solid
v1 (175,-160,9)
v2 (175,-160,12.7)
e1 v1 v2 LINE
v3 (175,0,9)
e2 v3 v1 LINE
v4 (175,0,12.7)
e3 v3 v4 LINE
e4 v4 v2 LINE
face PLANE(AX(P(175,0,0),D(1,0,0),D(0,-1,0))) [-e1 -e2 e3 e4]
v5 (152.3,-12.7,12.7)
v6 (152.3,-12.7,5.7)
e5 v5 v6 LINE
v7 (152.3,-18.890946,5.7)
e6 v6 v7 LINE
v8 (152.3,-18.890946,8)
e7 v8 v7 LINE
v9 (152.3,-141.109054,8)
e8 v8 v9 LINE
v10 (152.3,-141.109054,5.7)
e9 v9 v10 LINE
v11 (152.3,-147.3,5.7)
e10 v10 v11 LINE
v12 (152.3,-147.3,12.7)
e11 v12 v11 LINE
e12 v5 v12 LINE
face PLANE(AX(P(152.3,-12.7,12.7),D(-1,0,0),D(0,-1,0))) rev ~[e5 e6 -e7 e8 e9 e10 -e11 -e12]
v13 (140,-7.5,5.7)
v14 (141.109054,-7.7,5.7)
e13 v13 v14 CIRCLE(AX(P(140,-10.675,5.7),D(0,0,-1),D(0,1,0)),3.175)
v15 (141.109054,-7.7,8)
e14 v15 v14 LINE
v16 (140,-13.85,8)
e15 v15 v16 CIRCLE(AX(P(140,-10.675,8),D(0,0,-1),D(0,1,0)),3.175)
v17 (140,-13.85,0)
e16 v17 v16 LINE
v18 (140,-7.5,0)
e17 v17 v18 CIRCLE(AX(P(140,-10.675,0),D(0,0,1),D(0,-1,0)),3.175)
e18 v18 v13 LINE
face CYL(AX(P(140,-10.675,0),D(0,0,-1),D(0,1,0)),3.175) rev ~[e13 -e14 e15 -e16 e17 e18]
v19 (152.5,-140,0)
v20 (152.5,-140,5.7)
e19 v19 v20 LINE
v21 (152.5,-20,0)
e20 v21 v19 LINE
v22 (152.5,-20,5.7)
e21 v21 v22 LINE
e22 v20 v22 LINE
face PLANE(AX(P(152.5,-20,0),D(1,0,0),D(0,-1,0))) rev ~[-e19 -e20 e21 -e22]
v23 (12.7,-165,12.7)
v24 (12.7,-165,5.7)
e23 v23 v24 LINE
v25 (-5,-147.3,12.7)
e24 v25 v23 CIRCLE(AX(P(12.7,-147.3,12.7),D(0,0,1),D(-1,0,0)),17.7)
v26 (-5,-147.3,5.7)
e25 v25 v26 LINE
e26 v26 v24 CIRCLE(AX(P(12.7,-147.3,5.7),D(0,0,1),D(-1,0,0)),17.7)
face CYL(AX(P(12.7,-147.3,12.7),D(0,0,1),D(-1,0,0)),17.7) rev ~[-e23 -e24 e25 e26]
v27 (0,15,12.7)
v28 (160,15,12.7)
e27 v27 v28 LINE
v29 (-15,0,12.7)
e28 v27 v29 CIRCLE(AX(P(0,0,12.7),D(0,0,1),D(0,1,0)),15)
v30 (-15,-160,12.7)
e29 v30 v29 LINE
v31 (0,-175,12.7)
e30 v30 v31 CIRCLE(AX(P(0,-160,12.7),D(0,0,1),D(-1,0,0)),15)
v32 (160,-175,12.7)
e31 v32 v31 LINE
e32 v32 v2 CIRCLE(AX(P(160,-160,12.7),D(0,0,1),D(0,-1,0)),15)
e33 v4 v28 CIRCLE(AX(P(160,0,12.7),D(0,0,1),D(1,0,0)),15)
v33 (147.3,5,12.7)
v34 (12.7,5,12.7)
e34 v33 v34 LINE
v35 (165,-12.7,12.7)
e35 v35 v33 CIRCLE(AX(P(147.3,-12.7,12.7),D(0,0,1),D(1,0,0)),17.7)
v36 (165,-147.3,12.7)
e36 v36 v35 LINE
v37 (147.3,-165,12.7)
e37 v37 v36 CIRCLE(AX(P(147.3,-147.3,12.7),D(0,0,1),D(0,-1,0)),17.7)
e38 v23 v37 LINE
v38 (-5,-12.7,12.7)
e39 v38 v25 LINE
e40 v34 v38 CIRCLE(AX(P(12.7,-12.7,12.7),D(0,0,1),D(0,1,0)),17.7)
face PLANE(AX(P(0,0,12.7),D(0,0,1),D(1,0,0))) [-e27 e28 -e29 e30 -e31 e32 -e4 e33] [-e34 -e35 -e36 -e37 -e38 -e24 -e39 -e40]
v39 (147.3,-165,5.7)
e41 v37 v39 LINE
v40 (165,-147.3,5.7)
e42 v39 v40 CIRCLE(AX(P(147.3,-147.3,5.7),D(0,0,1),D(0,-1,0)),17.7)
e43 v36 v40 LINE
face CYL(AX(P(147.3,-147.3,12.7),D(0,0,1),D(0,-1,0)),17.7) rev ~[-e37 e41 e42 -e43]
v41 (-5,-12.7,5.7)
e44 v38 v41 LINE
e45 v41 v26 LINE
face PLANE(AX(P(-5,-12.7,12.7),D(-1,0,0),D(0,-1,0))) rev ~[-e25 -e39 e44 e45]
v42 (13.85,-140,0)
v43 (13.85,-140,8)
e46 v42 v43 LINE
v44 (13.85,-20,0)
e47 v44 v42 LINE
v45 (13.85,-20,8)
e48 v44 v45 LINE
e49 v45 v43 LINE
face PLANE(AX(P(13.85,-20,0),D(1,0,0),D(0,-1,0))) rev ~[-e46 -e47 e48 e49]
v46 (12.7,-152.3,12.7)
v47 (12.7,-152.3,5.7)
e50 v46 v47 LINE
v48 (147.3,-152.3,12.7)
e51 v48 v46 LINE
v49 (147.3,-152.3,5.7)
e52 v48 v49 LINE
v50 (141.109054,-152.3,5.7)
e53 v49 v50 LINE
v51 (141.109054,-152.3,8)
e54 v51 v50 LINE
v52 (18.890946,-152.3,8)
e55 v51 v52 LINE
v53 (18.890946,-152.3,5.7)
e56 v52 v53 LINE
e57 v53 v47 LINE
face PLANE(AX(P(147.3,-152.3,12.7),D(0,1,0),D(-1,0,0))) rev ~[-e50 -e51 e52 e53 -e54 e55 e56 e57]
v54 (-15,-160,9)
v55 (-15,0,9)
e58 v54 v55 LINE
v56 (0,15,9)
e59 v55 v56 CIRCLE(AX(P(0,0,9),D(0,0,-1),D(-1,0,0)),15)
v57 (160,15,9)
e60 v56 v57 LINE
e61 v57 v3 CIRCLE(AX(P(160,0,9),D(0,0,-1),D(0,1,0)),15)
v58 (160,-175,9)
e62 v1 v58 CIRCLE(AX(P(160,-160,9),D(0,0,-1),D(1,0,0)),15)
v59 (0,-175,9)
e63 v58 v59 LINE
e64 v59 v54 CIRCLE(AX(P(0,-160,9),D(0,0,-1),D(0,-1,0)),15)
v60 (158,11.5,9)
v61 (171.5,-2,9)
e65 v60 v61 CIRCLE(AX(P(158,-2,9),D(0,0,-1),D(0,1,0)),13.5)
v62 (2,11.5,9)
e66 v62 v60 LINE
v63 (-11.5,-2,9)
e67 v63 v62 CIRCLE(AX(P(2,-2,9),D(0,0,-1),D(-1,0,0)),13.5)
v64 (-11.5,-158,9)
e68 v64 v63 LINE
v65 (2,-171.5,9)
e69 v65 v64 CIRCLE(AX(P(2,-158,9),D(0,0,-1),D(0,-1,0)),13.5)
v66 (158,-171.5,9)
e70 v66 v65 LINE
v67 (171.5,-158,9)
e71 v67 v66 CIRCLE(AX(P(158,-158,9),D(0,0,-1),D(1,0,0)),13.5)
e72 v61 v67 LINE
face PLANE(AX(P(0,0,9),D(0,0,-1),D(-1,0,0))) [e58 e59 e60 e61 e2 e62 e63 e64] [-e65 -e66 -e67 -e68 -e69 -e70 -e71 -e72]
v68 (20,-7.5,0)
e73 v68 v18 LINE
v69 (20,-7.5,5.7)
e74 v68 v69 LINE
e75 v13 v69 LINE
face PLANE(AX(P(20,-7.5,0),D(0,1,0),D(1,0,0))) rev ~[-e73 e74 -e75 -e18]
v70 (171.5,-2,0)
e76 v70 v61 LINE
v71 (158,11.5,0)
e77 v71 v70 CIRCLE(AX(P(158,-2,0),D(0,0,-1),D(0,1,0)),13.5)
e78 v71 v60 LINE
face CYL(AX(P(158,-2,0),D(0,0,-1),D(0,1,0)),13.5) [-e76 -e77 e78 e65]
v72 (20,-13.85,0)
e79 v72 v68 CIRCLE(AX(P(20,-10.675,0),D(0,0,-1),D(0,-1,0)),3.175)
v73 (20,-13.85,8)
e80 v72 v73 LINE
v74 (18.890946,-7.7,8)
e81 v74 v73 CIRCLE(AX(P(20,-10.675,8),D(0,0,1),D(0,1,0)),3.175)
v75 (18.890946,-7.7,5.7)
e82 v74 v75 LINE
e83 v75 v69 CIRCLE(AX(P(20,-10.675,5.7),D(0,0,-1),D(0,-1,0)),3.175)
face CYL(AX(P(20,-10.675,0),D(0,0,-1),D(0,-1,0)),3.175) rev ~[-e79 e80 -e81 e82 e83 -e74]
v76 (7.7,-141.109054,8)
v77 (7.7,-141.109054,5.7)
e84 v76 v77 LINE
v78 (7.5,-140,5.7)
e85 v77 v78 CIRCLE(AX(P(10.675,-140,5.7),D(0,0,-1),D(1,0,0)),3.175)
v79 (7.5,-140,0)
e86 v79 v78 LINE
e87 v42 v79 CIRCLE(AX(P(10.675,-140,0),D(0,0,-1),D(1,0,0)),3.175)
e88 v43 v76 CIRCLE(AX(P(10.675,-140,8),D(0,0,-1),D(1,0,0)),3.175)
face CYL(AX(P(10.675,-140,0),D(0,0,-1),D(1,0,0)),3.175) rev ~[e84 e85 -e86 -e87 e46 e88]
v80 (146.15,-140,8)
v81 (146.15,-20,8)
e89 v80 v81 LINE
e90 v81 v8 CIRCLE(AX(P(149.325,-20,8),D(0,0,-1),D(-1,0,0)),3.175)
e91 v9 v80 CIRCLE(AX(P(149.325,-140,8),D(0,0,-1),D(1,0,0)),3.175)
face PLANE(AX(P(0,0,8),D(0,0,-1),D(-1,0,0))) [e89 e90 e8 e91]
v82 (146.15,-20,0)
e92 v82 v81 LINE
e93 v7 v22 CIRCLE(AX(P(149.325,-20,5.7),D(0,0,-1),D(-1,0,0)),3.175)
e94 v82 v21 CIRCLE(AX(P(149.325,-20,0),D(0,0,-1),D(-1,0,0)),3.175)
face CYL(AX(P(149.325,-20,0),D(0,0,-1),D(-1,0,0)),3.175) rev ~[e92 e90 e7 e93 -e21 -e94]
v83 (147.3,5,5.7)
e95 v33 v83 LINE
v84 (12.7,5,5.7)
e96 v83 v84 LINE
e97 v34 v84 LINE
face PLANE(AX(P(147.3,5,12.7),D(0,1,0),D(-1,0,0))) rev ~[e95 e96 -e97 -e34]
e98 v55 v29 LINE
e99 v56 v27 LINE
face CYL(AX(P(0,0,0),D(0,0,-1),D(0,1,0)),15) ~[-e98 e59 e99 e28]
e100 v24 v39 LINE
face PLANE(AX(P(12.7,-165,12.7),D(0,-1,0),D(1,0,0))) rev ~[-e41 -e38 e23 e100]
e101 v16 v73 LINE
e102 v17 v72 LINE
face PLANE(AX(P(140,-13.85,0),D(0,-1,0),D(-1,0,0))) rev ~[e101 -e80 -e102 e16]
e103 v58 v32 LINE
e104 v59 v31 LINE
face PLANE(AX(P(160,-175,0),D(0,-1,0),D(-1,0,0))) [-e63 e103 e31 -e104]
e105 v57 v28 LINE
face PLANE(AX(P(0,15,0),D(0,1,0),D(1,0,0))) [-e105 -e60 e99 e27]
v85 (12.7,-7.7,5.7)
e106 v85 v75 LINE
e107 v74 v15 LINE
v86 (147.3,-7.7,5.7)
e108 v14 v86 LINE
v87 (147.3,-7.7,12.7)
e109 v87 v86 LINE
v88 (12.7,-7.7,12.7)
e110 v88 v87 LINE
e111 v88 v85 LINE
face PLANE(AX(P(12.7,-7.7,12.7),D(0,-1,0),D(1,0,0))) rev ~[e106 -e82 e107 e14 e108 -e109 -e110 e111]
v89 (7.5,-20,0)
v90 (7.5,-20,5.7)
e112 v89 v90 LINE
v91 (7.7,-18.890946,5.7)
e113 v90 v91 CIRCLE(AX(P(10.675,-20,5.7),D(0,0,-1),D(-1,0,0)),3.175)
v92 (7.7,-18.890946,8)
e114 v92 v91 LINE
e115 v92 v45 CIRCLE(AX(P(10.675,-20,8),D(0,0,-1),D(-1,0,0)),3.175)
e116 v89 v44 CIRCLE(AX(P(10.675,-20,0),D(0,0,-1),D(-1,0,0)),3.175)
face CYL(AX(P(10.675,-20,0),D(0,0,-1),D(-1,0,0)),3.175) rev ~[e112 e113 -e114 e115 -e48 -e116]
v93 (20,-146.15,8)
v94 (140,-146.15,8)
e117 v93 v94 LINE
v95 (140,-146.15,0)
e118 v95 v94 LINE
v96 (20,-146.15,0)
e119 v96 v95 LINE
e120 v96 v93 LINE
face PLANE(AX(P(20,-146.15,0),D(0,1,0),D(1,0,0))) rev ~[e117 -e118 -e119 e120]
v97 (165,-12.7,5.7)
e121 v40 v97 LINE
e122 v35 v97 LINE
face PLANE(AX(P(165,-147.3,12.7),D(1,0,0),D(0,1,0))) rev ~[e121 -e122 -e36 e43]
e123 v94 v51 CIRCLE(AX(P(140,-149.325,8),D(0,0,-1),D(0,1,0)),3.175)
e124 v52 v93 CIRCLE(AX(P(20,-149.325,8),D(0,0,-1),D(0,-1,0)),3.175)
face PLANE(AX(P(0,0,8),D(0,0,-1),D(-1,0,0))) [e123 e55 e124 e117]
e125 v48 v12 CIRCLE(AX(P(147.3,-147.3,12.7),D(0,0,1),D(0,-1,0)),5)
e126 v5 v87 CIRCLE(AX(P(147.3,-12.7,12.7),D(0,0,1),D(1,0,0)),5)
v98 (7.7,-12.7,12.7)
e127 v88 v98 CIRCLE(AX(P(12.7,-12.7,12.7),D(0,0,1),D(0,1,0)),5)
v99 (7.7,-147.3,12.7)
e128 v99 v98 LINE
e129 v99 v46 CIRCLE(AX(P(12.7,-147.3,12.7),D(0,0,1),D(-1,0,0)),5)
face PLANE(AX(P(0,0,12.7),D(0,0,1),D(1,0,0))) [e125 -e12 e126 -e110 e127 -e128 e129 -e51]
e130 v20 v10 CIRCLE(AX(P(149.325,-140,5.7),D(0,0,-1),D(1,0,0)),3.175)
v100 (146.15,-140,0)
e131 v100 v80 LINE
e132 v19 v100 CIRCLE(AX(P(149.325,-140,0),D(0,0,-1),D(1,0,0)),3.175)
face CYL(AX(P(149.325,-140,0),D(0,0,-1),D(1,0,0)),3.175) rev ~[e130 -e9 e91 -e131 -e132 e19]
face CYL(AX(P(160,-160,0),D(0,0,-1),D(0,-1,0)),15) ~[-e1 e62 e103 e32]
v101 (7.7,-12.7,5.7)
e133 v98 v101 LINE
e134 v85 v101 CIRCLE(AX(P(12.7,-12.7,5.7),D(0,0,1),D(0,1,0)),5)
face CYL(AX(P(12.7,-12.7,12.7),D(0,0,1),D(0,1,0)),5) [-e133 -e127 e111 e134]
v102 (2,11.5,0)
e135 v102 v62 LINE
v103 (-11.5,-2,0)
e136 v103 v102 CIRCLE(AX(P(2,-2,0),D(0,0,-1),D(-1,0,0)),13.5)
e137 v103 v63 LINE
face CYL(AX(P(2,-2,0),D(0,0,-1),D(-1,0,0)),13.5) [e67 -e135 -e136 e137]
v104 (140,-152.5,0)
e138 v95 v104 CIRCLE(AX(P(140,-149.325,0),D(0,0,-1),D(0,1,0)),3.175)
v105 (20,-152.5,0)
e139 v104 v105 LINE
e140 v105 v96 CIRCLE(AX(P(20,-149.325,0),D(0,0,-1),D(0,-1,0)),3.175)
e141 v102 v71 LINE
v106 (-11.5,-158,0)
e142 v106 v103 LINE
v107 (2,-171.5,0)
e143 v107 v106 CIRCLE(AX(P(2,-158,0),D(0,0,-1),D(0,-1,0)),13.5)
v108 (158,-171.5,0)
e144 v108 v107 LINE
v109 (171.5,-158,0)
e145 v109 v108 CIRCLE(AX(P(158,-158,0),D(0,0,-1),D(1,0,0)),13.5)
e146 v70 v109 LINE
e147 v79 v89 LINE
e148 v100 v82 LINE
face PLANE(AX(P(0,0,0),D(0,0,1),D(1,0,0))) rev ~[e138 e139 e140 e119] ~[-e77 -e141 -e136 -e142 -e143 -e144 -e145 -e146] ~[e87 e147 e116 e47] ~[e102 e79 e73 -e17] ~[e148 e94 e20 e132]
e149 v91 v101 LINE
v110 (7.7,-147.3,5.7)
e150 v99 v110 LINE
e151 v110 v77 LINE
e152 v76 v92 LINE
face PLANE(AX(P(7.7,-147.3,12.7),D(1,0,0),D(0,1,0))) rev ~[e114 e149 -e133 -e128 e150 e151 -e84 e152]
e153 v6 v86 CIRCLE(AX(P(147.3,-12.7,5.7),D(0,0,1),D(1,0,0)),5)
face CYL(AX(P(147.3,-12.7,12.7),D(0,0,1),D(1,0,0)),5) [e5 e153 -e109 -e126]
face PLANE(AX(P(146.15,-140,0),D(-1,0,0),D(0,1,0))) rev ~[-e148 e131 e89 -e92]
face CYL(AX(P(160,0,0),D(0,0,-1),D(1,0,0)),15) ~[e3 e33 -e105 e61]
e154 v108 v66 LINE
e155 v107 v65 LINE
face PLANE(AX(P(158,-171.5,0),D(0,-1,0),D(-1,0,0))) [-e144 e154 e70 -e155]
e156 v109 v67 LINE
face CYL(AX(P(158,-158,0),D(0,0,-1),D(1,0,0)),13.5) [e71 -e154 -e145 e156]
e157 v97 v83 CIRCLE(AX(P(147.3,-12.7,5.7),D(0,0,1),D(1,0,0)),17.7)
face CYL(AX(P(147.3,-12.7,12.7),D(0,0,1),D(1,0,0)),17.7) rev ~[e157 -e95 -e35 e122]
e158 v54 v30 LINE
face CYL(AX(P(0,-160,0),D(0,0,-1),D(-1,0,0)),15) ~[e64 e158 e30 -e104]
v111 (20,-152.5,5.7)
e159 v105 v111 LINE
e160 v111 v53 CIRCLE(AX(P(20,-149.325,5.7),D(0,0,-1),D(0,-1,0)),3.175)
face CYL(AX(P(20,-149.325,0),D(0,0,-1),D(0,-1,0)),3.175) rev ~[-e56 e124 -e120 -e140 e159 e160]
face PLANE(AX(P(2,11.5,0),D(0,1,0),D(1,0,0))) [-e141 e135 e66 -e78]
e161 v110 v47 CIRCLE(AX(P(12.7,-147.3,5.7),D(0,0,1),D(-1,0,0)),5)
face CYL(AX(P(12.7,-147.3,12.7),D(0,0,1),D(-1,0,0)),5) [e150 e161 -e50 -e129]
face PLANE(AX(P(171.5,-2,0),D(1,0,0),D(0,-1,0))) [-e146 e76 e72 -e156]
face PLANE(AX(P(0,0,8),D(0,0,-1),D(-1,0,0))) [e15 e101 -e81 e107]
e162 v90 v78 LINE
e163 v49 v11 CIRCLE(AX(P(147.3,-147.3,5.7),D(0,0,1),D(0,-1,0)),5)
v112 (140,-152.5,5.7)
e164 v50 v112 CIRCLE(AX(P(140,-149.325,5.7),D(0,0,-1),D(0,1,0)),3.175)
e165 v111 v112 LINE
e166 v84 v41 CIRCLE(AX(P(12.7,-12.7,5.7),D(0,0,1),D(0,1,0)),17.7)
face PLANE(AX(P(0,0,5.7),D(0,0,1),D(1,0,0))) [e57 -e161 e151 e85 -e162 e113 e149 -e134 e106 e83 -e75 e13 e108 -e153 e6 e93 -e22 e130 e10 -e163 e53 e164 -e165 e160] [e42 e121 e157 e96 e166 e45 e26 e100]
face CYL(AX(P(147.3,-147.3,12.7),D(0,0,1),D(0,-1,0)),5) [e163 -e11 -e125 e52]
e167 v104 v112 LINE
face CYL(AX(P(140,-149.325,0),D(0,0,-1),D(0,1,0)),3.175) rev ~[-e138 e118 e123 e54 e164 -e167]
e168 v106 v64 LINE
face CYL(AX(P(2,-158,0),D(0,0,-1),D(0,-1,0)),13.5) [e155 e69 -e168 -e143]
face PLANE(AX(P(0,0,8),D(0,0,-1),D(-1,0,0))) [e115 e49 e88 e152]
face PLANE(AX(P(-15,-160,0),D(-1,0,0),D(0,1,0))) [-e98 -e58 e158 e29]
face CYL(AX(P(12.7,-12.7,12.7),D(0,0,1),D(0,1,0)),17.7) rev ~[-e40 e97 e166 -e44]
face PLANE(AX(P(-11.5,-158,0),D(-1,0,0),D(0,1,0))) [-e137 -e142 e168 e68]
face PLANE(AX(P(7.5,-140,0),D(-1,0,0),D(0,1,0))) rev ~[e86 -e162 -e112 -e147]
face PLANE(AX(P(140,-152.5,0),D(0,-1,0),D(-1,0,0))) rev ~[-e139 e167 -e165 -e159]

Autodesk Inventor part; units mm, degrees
ref_plane "YZ Plane" through (0, 0, 0) normal (1, 0, 0) x (0, 1, 0)
ref_plane "XZ Plane" through (0, 0, 0) normal (0, 1, 0) x (-1, 0, 0)
ref_plane "XY Plane" through (0, 0, 0) normal (0, 0, 1) x (1, 0, 0)
sketch "Sketch1" plane through (0, 0, 0) normal (0, 0, 1) x (1, 0, 0)
  arc A0 (-15, -160) -> (0, -175) centre (0, -160) ccw
  line L0 (0, 15) -> (160, 15)
  line L1 (175, 0) -> (175, -160)
  line L2 (160, -175) -> (0, -175)
  line L3 (-15, -160) -> (-15, 0)
  arc A1 (0, 15) -> (-15, 0) centre (0, 0) ccw
  arc A2 (160, -175) -> (175, -160) centre (160, -160) ccw
  arc A3 (175, 0) -> (160, 15) centre (160, 0) ccw
  point P0 (-15, 15)
  dimension "d0" = 190
  dimension "d1" = 190
  dimension "d2" = 15
extrude "Extrusion1" add sketch "Sketch1" along normal blind 12.7
sketch "Sketch2" plane through (0, 0, 12.7) normal (0, 0, 1) x (1, 0, 0)
  line L0 (-15, 0) -> (-15, -160) projected
  arc A0 (-15, -160) -> (0, -175) centre (0, -160) ccw projected
  line L1 (0, -175) -> (160, -175) projected
  arc A1 (160, -175) -> (175, -160) centre (160, -160) ccw projected
  line L2 (175, -160) -> (175, 0) projected
  arc A2 (175, 0) -> (160, 15) centre (160, 0) ccw projected
  line L3 (160, 15) -> (0, 15) projected
  arc A3 (0, 15) -> (-15, 0) centre (0, 0) ccw projected
  line L4 (0, 0) -> (160, -160) construction
  line L5 (147.3, -152.3) -> (12.7, -152.3)
  line L6 (7.7, -147.3) -> (7.7, -12.7)
  line L7 (12.7, -7.7) -> (147.3, -7.7)
  line L8 (152.3, -12.7) -> (152.3, -147.3)
  line L9 (152.3, -152.3) -> (7.7, -7.7) construction
  line L10 (7.7, -152.3) -> (152.3, -7.7) construction
  arc A4 (12.7, -7.7) -> (7.7, -12.7) centre (12.7, -12.7) ccw
  arc A5 (152.3, -12.7) -> (147.3, -7.7) centre (147.3, -12.7) ccw
  arc A6 (147.3, -152.3) -> (152.3, -147.3) centre (147.3, -147.3) ccw
  arc A7 (7.7, -147.3) -> (12.7, -152.3) centre (12.7, -147.3) ccw
  line L11 (147.3, 5) -> (12.7, 5)
  arc A8 (12.7, 5) -> (-5, -12.7) centre (12.7, -12.7) ccw
  line L12 (-5, -12.7) -> (-5, -147.3)
  arc A9 (-5, -147.3) -> (12.7, -165) centre (12.7, -147.3) ccw
  line L13 (12.7, -165) -> (147.3, -165)
  arc A10 (147.3, -165) -> (165, -147.3) centre (147.3, -147.3) ccw
  line L14 (165, -147.3) -> (165, -12.7)
  arc A11 (165, -12.7) -> (147.3, 5) centre (147.3, -12.7) ccw
  point P0 (80, -80)
  dimension "d7" = 5
  dimension "d8" = 12.7
  dimension "d9" = 10
extrude "Extrusion2" cut sketch "Sketch2" against normal blind 7 contours A11 L14 A10 L13 A9 L12 A8 L11
sketch "Sketch3" plane through (0, 0, 0) normal (0, 0, -1) x (-1, 0, 0)
  line L0 (-140, -10.675) -> (-20, -10.675) construction
  line L1 (-147.3, -7.7) -> (-12.7, -7.7) projected
  line L2 (-140, -13.85) -> (-20, -13.85)
  line L3 (-20, -7.5) -> (-140, -7.5)
  arc A0 (-140, -7.5) -> (-140, -13.85) centre (-140, -10.675) ccw
  arc A1 (-20, -13.85) -> (-20, -7.5) centre (-20, -10.675) ccw
  line L4 (15, -160) -> (15, 0) projected
  line L5 (-175, 0) -> (-175, -160) projected
  arc A2 (-160, 15) -> (-175, 0) centre (-160, 0) ccw projected
  arc A3 (0, -175) -> (15, -160) centre (0, -160) ccw projected
  line L6 (-160, 0) -> (0, -160) construction
  circle A4 centre (-80, -80) radius 16.0572 construction
  arc A5 (-152.5, -140) -> (-146.15, -140) centre (-149.325, -140) ccw
  line L7 (-152.5, -20) -> (-152.5, -140)
  line L8 (-146.15, -140) -> (-146.15, -20)
  arc A6 (-146.15, -20) -> (-152.5, -20) centre (-149.325, -20) ccw
  line L9 (-149.325, -140) -> (-149.325, -20) construction
  arc A7 (-20, -152.5) -> (-20, -146.15) centre (-20, -149.325) ccw
  line L10 (-140, -152.5) -> (-20, -152.5)
  line L11 (-20, -146.15) -> (-140, -146.15)
  arc A8 (-140, -146.15) -> (-140, -152.5) centre (-140, -149.325) ccw
  line L12 (-20, -149.325) -> (-140, -149.325) construction
  arc A9 (-7.5, -20) -> (-13.85, -20) centre (-10.675, -20) ccw
  line L13 (-7.5, -140) -> (-7.5, -20)
  line L14 (-13.85, -20) -> (-13.85, -140)
  arc A10 (-13.85, -140) -> (-7.5, -140) centre (-10.675, -140) ccw
  line L15 (-10.675, -20) -> (-10.675, -140) construction
  point P0 (0, 0)
  point P1 (-80, -10.675)
  point P2 (-149.325, -80)
  point P3 (-80, -149.325)
  point P4 (-10.675, -80)
  dimension "d12" = 6.35
  dimension "d13" = 0.2
  dimension "d14" = 35
  dimension "d15" = 35
  dimension "d18" = 360
extrude "Extrusion3" cut sketch "Sketch3" against normal blind 8
sketch "Sketch4" plane through (0, 0, 0) normal (0, 0, -1) x (-1, 0, 0)
  arc A0 (0, -175) -> (15, -160) centre (0, -160) ccw projected
  arc A1 (-160, 15) -> (-175, 0) centre (-160, 0) ccw projected
  line L0 (0, -160) -> (-160, 0) construction
  line L1 (-2, 11.5) -> (-158, 11.5)
  line L2 (-171.5, -2) -> (-171.5, -158)
  line L3 (-158, -171.5) -> (-2, -171.5)
  line L4 (11.5, -158) -> (11.5, -2)
  line L5 (11.5, 11.5) -> (-171.5, -171.5) construction
  line L6 (-171.5, 11.5) -> (11.5, -171.5) construction
  arc A2 (-2, -171.5) -> (11.5, -158) centre (-2, -158) ccw
  arc A3 (-171.5, -158) -> (-158, -171.5) centre (-158, -158) ccw
  arc A4 (-158, 11.5) -> (-171.5, -2) centre (-158, -2) ccw
  arc A5 (11.5, -2) -> (-2, 11.5) centre (-2, -2) ccw
  arc A6 (-20, -152.5) -> (-20, -146.15) centre (-20, -149.325) ccw projected
  line L7 (-20, -152.5) -> (-140, -152.5) projected
  arc A7 (-140, -146.15) -> (-140, -152.5) centre (-140, -149.325) ccw projected
  line L8 (-140, -146.15) -> (-20, -146.15) projected
  arc A8 (-20, -13.85) -> (-20, -7.5) centre (-20, -10.675) ccw projected
  line L9 (-20, -13.85) -> (-140, -13.85) projected
  arc A9 (-140, -7.5) -> (-140, -13.85) centre (-140, -10.675) ccw projected
  line L10 (-140, -7.5) -> (-20, -7.5) projected
  arc A10 (-152.5, -140) -> (-146.15, -140) centre (-149.325, -140) ccw projected
  line L11 (-152.5, -140) -> (-152.5, -20) projected
  arc A11 (-146.15, -20) -> (-152.5, -20) centre (-149.325, -20) ccw projected
  line L12 (-146.15, -20) -> (-146.15, -140) projected
  arc A12 (-7.5, -20) -> (-13.85, -20) centre (-10.675, -20) ccw projected
  line L13 (-7.5, -20) -> (-7.5, -140) projected
  arc A13 (-13.85, -140) -> (-7.5, -140) centre (-10.675, -140) ccw projected
  line L14 (-13.85, -140) -> (-13.85, -20) projected
  line L15 (15, -160) -> (15, 0) projected
  arc A14 (15, 0) -> (0, 15) centre (0, 0) ccw projected
  line L16 (0, 15) -> (-160, 15) projected
  arc A15 (-160, 15) -> (-175, 0) centre (-160, 0) ccw projected
  line L17 (-175, 0) -> (-175, -160) projected
  arc A16 (-175, -160) -> (-160, -175) centre (-160, -160) ccw projected
  line L18 (-160, -175) -> (0, -175) projected
  arc A17 (0, -175) -> (15, -160) centre (0, -160) ccw projected
  point P0 (-80, -80)
  dimension "d22" = 183
  dimension "d23" = 183
  dimension "d24" = 13.5
extrude "Extrusion4" cut sketch "Sketch4" against normal blind 9 contours L18 A16 L17 A1 L16 A14 L15 A0
equation "\"d14\" = d15"
properties part number "NewLid"
